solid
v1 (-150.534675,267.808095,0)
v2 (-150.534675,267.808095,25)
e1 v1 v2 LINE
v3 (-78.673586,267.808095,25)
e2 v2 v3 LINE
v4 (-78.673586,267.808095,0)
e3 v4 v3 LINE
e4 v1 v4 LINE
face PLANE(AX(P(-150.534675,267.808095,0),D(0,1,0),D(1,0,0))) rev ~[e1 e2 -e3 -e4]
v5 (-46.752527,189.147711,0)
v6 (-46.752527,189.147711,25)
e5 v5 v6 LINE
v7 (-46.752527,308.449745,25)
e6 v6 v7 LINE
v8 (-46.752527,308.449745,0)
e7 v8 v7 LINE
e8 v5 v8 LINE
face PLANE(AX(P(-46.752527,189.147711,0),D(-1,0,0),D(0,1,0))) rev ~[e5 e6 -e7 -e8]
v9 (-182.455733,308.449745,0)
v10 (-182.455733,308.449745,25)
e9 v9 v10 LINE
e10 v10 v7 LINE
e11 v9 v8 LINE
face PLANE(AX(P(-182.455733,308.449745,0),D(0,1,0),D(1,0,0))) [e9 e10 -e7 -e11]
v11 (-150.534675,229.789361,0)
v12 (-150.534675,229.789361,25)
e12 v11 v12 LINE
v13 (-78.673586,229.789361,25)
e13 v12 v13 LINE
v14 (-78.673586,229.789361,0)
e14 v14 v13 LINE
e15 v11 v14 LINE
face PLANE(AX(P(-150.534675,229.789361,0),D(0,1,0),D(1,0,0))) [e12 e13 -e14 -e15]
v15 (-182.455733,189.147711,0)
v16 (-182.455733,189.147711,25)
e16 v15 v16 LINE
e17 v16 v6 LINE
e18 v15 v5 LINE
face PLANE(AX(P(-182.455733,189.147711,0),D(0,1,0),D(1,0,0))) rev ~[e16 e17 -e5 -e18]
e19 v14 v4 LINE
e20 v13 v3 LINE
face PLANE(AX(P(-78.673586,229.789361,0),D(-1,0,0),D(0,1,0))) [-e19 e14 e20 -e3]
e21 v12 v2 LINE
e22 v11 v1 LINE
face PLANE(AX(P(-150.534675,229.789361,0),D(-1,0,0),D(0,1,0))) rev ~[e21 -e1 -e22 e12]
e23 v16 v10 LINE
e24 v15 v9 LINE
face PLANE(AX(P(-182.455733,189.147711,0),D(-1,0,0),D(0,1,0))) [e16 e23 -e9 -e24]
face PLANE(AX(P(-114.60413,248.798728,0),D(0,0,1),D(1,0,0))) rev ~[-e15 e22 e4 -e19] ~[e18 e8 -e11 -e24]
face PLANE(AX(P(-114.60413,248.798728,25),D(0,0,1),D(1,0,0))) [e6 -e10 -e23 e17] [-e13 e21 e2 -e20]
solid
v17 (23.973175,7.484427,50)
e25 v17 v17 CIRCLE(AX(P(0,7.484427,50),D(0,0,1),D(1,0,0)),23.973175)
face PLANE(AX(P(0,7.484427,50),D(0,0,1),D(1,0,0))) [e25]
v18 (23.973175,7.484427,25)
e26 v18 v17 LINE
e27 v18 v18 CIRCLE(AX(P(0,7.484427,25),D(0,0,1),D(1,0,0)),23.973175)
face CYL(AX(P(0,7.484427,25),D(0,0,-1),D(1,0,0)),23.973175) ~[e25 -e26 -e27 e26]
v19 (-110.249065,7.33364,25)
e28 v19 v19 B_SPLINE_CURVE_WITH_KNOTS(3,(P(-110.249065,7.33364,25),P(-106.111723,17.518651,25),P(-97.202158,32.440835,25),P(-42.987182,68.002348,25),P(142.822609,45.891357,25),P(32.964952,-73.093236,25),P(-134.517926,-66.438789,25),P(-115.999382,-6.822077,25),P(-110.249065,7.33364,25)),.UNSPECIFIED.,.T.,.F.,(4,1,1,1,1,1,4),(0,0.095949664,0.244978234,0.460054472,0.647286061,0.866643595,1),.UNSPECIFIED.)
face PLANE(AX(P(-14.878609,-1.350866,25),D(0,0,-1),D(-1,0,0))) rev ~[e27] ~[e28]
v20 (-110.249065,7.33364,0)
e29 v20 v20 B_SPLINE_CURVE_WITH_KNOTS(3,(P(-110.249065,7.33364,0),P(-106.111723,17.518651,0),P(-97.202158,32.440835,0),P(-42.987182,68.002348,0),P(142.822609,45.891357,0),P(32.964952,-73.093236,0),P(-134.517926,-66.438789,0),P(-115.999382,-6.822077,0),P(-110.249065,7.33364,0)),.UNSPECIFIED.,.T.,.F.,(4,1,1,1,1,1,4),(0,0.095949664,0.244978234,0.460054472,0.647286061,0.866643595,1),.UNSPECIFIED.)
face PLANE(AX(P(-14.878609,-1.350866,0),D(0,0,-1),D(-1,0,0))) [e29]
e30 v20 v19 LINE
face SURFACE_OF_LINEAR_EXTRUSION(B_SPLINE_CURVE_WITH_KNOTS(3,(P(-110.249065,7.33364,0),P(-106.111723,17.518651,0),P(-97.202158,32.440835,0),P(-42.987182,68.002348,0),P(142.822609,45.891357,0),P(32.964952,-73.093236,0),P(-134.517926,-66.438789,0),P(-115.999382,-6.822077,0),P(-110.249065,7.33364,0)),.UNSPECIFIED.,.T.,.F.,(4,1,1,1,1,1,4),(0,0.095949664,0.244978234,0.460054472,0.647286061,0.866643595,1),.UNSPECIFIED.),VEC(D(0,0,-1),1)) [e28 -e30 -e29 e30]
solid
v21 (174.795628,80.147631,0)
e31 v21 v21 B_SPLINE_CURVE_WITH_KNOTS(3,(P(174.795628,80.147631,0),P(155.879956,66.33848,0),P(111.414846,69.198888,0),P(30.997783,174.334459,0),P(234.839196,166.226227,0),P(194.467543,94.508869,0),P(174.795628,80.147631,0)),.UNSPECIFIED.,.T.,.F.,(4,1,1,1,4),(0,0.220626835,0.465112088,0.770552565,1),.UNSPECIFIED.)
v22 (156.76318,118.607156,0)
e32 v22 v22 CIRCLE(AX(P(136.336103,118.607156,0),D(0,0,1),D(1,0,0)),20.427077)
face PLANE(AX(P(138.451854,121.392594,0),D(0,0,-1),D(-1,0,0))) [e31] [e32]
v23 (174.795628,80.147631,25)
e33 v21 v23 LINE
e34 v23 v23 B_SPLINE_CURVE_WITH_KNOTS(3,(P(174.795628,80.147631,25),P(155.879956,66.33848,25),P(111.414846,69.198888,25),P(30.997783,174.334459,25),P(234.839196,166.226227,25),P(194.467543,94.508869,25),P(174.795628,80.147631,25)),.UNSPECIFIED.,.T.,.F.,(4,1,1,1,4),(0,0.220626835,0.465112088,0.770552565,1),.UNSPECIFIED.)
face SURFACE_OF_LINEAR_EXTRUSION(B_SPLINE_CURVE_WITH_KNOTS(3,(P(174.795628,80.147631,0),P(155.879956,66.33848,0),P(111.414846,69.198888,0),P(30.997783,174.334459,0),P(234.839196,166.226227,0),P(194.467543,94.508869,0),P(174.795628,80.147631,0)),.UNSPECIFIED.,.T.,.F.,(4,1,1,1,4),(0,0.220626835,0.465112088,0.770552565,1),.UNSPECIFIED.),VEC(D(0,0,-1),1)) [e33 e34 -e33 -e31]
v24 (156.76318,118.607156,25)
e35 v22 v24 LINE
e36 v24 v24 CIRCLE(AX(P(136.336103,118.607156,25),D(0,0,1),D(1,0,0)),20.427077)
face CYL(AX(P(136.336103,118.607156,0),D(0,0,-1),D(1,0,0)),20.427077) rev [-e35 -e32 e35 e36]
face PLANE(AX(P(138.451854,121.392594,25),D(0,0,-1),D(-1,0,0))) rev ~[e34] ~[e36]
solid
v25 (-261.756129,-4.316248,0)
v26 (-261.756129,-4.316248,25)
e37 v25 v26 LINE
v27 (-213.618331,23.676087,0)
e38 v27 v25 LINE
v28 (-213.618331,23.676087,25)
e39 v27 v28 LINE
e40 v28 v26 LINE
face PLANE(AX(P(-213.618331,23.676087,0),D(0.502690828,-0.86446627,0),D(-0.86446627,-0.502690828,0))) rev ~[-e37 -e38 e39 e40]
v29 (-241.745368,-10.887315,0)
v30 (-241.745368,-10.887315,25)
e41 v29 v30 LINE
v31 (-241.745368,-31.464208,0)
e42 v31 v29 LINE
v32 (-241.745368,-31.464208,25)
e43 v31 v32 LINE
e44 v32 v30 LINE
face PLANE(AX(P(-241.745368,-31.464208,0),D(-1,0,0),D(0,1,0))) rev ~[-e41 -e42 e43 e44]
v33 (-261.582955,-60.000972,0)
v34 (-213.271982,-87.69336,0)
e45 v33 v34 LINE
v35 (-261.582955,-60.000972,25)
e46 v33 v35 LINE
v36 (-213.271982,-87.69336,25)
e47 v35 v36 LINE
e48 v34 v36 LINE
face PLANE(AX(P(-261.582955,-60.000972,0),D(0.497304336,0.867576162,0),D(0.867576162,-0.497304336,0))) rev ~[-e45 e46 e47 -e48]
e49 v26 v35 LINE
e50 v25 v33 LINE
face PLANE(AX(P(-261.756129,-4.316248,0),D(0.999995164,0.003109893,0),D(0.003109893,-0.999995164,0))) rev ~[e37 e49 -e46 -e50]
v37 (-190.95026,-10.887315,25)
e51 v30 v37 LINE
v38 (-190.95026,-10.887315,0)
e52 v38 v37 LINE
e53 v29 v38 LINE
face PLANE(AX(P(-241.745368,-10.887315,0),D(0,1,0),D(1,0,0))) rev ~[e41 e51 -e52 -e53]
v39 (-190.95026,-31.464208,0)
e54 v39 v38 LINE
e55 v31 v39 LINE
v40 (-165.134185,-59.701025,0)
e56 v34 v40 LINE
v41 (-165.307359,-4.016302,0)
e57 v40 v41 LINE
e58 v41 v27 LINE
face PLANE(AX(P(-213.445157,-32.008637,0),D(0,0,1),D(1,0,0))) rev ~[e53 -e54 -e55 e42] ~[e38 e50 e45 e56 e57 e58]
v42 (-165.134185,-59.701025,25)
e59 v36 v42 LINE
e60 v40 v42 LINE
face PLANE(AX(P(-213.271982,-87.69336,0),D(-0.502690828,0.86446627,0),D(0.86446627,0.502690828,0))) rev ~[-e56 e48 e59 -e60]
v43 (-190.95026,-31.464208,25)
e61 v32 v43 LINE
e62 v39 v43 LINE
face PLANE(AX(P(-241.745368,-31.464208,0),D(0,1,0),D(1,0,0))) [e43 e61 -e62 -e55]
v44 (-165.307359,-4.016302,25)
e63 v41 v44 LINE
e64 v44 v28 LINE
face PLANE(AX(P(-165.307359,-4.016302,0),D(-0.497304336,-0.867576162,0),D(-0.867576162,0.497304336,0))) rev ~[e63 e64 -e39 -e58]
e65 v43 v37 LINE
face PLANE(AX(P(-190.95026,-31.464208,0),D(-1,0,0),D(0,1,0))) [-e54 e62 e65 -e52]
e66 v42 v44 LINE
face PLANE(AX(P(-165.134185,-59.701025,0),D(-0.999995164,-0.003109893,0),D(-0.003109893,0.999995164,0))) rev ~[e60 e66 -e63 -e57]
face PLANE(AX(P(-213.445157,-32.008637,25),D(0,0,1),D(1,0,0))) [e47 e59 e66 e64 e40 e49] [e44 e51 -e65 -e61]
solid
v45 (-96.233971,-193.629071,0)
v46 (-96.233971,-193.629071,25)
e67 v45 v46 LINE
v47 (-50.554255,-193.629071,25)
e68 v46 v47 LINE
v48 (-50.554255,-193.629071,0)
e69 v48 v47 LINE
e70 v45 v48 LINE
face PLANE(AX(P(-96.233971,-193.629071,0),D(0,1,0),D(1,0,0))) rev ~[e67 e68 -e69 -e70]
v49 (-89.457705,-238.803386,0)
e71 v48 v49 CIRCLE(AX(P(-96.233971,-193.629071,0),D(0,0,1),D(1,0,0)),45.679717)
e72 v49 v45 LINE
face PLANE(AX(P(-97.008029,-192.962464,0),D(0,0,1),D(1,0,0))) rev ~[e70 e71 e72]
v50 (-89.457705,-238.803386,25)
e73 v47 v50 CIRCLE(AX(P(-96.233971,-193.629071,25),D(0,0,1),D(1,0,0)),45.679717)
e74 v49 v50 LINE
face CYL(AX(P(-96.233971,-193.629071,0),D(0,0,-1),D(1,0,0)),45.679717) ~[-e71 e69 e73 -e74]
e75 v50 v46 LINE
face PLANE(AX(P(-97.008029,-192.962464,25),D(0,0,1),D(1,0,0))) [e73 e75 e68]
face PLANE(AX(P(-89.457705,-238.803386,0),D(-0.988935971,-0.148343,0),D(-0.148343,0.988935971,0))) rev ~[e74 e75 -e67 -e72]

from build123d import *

# Parameters (mm, degrees)
F1_DEPTH  = 25
F2_R      = 23.9731754404
F3_DEPTH  = 25
F5_DEPTH  = 25
F6_R      = 20.4270765954
F7_DEPTH  = 25
F8_W      = 50.7951080799
F8_H      = 20.5768924206
F9_DEPTH  = 25
F10_W     = 135.7032060623
F10_H     = 119.3020343781
F10_W_2   = 71.8610882759
F10_H_2   = 38.018733263
F11_DEPTH = 25


with BuildPart() as f1:
    # F0 (on Top) → F1 (new body)
    with BuildSketch(Plane.XY):
        with BuildLine():
            add(Edge.make_bspline(
                [(-110.2490648627, 7.3336404748), (-106.1117231408, 17.5186508082), (-97.202158206, 32.4408349692), (-42.9871815198, 68.0023483731), (142.8226087633, 45.8913569282), (32.9649522482, -73.0932355118), (-134.5179263949, -66.4387887819), (-115.999382212, -6.8220772684), (-110.2490648627, 7.3336404748)],
                knots=[0, 0, 0, 0, 0.0959496641, 0.244978234, 0.4600544718, 0.6472860606, 0.8666435951, 1, 1, 1, 1], degree=3))
        make_face()
    extrude(amount=F1_DEPTH)

    # F2 (on face) → F3 (join)
    with BuildSketch(Plane.XY.offset(25)):
        with Locations((0, 7.4844267219)):
            Circle(F2_R)
    extrude(amount=F3_DEPTH)


with BuildPart() as f5:
    # F4 (on Top) → F5 (new body)
    with BuildSketch(Plane.XY):
        with BuildLine():
            Line((-96.233971417, -193.6290711164), (-50.5542549046, -193.6290711164))
            ThreePointArc((-50.5542549046, -193.6290711164), (-130.8473678034, -163.8205271862), (-89.4577052359, -238.8033859125))
            Line((-89.4577052359, -238.8033859125), (-96.233971417, -193.6290711164))
        make_face()
    extrude(amount=F5_DEPTH)


with BuildPart() as f7:
    # F6 (on Top) → F7 (new body)
    with BuildSketch(Plane.XY):
        with BuildLine():
            add(Edge.make_bspline(
                [(174.795627594, 80.1476314664), (155.8799558134, 66.3384798887), (111.4148464519, 69.1988876979), (30.9977828514, 174.3344587626), (234.8391956819, 166.2262265966), (194.4675427033, 94.5088691067), (174.795627594, 80.1476314664)],
                knots=[0, 0, 0, 0, 0.2206268353, 0.4651120876, 0.7705525649, 1, 1, 1, 1], degree=3))
        make_face()
        with Locations((136.3361030817, 118.6071559787)):
            Circle(F6_R, mode=Mode.SUBTRACT)
    extrude(amount=F7_DEPTH)


with BuildPart() as f9:
    # F8 (on Top) → F9 (new body)
    with BuildSketch(Plane.XY):
        Polygon((-213.6183311671, 23.6760866528), (-261.7561290532, -4.3162484353), (-261.5829546987, -60.0009718309), (-213.2719824582, -87.6933601384), (-165.1341845721, -59.7010250504), (-165.3073589266, -4.0163016548), align=None)
        with Locations((-216.3478136063, -21.1757617071)):
            Rectangle(F8_W, F8_H, mode=Mode.SUBTRACT)
    extrude(amount=F9_DEPTH)


with BuildPart() as f11:
    # F10 (on Top) → F11 (new body)
    with BuildSketch(Plane.XY):
        with Locations((-114.6041303873, 248.7987279892)):
            Rectangle(F10_W, F10_H)
        with Locations((-114.6041303873, 248.7987279892)):
            Rectangle(F10_W_2, F10_H_2, mode=Mode.SUBTRACT)
    extrude(amount=F11_DEPTH)


solid = Compound([f1.part, f5.part, f7.part, f9.part, f11.part])
